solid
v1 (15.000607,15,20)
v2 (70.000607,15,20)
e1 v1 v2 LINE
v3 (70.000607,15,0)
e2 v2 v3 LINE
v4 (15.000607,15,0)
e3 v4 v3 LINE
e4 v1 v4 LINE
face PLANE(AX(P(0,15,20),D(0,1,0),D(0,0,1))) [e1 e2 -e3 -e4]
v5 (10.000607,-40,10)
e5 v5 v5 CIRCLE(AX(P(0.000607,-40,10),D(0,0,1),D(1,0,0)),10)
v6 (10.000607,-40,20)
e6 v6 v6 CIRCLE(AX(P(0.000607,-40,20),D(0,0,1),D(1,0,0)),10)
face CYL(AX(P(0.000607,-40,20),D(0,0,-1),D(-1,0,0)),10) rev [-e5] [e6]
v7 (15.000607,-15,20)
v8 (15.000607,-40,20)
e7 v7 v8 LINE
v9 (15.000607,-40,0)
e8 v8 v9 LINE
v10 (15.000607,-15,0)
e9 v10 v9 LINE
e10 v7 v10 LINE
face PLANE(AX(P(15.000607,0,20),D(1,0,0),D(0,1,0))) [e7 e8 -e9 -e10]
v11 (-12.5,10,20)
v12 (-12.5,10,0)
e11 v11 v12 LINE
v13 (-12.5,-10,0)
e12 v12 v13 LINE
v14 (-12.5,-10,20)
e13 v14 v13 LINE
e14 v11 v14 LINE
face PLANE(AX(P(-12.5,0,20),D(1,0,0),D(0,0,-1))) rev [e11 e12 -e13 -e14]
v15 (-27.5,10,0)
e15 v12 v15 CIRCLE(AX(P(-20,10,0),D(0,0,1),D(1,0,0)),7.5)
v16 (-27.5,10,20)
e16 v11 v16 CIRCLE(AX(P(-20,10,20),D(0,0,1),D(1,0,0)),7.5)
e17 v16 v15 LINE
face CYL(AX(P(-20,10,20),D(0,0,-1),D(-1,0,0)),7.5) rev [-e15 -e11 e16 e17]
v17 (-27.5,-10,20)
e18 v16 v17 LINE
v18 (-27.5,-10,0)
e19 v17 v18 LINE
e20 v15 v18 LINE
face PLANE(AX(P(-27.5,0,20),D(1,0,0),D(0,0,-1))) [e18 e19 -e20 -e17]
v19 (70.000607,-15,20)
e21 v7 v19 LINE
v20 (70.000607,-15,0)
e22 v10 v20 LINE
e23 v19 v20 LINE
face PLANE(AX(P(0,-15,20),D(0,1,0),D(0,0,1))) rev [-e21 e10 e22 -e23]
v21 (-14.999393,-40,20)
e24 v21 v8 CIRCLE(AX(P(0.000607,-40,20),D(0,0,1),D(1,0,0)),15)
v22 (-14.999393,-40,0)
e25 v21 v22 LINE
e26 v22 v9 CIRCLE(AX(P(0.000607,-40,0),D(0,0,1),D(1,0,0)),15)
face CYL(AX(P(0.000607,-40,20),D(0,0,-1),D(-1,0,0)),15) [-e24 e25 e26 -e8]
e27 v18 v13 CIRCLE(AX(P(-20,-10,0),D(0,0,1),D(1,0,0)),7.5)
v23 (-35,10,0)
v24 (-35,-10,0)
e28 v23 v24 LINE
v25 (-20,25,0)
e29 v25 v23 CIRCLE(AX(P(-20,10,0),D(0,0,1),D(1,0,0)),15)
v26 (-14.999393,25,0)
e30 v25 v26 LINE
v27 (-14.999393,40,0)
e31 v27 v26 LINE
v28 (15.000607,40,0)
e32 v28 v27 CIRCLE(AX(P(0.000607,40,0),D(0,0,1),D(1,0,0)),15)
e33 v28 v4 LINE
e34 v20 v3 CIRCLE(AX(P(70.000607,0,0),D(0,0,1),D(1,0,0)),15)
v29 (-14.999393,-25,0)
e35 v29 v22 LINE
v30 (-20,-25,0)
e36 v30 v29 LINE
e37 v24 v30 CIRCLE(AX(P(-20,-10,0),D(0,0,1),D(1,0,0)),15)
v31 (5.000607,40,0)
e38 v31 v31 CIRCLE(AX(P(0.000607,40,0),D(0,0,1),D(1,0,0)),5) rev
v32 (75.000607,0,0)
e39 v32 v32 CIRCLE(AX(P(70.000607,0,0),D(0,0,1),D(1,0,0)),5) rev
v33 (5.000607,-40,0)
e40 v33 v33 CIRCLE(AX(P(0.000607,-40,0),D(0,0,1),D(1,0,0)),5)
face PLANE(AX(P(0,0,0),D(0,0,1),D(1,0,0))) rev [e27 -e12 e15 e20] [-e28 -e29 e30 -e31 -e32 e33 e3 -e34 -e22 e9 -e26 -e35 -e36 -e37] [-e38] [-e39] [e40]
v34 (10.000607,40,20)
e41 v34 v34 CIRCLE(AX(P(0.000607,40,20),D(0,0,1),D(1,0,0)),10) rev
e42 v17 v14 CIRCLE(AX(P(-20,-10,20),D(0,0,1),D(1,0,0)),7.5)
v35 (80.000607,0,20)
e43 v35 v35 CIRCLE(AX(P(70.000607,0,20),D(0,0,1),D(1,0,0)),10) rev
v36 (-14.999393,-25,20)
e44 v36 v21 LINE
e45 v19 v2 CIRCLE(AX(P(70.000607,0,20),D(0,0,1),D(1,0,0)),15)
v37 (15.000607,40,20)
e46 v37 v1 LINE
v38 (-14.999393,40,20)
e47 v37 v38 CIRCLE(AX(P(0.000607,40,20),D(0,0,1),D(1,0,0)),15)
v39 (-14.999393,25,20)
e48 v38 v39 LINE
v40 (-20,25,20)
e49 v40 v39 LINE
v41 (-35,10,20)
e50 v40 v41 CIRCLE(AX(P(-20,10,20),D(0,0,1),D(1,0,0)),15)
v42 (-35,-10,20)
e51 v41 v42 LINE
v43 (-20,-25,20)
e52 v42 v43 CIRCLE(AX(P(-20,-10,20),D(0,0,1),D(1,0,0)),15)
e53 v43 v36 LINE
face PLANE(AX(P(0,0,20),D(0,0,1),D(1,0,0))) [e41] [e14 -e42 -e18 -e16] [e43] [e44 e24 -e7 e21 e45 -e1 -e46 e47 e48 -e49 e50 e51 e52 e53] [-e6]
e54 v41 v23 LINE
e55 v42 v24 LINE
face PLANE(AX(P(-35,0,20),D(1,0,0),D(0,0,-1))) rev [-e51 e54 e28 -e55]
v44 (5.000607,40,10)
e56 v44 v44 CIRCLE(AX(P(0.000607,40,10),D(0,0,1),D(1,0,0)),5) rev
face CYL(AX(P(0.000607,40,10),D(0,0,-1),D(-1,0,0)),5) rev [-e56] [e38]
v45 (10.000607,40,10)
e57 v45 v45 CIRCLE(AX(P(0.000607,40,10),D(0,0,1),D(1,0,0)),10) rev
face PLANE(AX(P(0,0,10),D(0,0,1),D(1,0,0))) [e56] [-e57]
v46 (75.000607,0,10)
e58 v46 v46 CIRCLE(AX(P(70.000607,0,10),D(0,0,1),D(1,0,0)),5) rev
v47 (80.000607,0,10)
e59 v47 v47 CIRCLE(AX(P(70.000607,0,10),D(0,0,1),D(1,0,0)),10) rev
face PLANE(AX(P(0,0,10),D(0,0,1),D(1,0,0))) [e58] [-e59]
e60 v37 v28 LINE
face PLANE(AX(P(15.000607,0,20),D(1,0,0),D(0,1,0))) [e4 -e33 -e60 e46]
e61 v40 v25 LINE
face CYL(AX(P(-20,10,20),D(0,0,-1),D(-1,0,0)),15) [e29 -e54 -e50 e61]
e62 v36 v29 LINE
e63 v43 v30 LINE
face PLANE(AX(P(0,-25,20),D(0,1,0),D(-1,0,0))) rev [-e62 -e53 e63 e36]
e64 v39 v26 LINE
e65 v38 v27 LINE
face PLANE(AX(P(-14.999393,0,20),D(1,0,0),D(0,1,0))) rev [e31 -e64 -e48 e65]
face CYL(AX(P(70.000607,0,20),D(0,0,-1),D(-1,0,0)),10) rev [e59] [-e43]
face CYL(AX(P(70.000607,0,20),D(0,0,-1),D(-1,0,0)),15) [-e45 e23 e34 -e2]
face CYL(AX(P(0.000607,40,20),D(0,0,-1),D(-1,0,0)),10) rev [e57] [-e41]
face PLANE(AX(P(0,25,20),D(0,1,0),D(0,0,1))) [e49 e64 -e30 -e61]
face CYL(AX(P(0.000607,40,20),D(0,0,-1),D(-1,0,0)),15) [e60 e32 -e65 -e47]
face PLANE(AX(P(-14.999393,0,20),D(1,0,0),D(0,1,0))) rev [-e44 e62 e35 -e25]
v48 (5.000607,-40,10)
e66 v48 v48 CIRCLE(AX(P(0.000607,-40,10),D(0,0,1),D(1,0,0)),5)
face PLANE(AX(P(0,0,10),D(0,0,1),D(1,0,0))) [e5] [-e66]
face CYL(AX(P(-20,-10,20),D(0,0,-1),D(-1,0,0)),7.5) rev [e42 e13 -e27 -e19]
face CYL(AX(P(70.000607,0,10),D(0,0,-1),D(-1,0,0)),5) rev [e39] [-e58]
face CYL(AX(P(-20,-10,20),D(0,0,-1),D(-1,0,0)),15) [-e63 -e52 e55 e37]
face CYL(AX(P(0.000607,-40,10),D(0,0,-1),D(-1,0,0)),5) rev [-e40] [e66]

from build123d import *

# Parameters (mm, degrees)
IZIM1_R                     = 10
Y_KSEKLIK_EKSTR_ZYON1_DEPTH = 20
IZIM1_3_R                   = 10
IZIM1_3_R_2                 = 5
Y_KSEKLIK_EKSTR_ZYON2_DEPTH = 10


with BuildPart() as part:
    # Çizim1 → Yükseklik-Ekstrüzyon1 (new body)
    with BuildSketch(Plane.XY):
        with BuildLine():
            Line((15.000607379, -40), (15.000607379, -15))
            Line((15.000607379, -15), (70.000607379, -15))
            ThreePointArc((70.000607379, -15), (85.000607379, 0), (70.000607379, 15))
            Line((70.000607379, 15), (15.000607379, 15))
            Line((15.000607379, 15), (15.000607379, 40))
            ThreePointArc((15.000607379, 40), (0.000607379, 55), (-14.999392621, 40))
            Line((-14.999392621, 40), (-14.999392621, 28.684816199))
            Line((-14.999392621, 28.684816199), (-14.999392621, 25))
            Line((-14.999392621, 25), (-20, 25))
            ThreePointArc((-20, 25), (-30.606601718, 20.606601718), (-35, 10))
            Line((-35, 10), (-35, -10))
            ThreePointArc((-35, -10), (-30.606601718, -20.606601718), (-20, -25))
            Line((-20, -25), (-14.999392621, -25))
            Line((-14.999392621, -25), (-14.999392621, -40))
            ThreePointArc((-14.999392621, -40), (0.000607379, -55), (15.000607379, -40))
        make_face()
        with Locations((0.000607379, -40)):
            Circle(IZIM1_R, mode=Mode.SUBTRACT)
        with BuildLine():
            ThreePointArc((-27.5, 10), (-20, 17.5), (-12.5, 10))
            Line((-12.5, 10), (-12.5, -10))
            ThreePointArc((-12.5, -10), (-20, -17.5), (-27.5, -10))
            Line((-27.5, -10), (-27.5, 10))
        make_face(mode=Mode.SUBTRACT)
        with Locations((0.000607379, 40)):
            Circle(IZIM1_R, mode=Mode.SUBTRACT)
        with Locations((70.000607379, 0)):
            Circle(IZIM1_R, mode=Mode.SUBTRACT)
    extrude(amount=Y_KSEKLIK_EKSTR_ZYON1_DEPTH)

    # Çizim1<3> → Yükseklik-Ekstrüzyon2 (add)
    # profile 1 of 3: a face of its own
    with BuildSketch(Plane.XY):
        with Locations((0.000607379, -40)):
            Circle(IZIM1_3_R)
        with Locations((0.000607379, -40)):
            Circle(IZIM1_3_R_2, mode=Mode.SUBTRACT)
    # profile 2 of 3: a face of its own
    with BuildSketch(Plane.XY):
        with Locations((0.000607379, 40)):
            Circle(IZIM1_3_R)
        with Locations((0.000607379, 40)):
            Circle(IZIM1_3_R_2, mode=Mode.SUBTRACT)
    # profile 3 of 3: a face of its own
    with BuildSketch(Plane.XY):
        with Locations((70.000607379, 0)):
            Circle(IZIM1_3_R)
        with Locations((70.000607379, 0)):
            Circle(IZIM1_3_R_2, mode=Mode.SUBTRACT)
    extrude(amount=Y_KSEKLIK_EKSTR_ZYON2_DEPTH)


solid = part.part
